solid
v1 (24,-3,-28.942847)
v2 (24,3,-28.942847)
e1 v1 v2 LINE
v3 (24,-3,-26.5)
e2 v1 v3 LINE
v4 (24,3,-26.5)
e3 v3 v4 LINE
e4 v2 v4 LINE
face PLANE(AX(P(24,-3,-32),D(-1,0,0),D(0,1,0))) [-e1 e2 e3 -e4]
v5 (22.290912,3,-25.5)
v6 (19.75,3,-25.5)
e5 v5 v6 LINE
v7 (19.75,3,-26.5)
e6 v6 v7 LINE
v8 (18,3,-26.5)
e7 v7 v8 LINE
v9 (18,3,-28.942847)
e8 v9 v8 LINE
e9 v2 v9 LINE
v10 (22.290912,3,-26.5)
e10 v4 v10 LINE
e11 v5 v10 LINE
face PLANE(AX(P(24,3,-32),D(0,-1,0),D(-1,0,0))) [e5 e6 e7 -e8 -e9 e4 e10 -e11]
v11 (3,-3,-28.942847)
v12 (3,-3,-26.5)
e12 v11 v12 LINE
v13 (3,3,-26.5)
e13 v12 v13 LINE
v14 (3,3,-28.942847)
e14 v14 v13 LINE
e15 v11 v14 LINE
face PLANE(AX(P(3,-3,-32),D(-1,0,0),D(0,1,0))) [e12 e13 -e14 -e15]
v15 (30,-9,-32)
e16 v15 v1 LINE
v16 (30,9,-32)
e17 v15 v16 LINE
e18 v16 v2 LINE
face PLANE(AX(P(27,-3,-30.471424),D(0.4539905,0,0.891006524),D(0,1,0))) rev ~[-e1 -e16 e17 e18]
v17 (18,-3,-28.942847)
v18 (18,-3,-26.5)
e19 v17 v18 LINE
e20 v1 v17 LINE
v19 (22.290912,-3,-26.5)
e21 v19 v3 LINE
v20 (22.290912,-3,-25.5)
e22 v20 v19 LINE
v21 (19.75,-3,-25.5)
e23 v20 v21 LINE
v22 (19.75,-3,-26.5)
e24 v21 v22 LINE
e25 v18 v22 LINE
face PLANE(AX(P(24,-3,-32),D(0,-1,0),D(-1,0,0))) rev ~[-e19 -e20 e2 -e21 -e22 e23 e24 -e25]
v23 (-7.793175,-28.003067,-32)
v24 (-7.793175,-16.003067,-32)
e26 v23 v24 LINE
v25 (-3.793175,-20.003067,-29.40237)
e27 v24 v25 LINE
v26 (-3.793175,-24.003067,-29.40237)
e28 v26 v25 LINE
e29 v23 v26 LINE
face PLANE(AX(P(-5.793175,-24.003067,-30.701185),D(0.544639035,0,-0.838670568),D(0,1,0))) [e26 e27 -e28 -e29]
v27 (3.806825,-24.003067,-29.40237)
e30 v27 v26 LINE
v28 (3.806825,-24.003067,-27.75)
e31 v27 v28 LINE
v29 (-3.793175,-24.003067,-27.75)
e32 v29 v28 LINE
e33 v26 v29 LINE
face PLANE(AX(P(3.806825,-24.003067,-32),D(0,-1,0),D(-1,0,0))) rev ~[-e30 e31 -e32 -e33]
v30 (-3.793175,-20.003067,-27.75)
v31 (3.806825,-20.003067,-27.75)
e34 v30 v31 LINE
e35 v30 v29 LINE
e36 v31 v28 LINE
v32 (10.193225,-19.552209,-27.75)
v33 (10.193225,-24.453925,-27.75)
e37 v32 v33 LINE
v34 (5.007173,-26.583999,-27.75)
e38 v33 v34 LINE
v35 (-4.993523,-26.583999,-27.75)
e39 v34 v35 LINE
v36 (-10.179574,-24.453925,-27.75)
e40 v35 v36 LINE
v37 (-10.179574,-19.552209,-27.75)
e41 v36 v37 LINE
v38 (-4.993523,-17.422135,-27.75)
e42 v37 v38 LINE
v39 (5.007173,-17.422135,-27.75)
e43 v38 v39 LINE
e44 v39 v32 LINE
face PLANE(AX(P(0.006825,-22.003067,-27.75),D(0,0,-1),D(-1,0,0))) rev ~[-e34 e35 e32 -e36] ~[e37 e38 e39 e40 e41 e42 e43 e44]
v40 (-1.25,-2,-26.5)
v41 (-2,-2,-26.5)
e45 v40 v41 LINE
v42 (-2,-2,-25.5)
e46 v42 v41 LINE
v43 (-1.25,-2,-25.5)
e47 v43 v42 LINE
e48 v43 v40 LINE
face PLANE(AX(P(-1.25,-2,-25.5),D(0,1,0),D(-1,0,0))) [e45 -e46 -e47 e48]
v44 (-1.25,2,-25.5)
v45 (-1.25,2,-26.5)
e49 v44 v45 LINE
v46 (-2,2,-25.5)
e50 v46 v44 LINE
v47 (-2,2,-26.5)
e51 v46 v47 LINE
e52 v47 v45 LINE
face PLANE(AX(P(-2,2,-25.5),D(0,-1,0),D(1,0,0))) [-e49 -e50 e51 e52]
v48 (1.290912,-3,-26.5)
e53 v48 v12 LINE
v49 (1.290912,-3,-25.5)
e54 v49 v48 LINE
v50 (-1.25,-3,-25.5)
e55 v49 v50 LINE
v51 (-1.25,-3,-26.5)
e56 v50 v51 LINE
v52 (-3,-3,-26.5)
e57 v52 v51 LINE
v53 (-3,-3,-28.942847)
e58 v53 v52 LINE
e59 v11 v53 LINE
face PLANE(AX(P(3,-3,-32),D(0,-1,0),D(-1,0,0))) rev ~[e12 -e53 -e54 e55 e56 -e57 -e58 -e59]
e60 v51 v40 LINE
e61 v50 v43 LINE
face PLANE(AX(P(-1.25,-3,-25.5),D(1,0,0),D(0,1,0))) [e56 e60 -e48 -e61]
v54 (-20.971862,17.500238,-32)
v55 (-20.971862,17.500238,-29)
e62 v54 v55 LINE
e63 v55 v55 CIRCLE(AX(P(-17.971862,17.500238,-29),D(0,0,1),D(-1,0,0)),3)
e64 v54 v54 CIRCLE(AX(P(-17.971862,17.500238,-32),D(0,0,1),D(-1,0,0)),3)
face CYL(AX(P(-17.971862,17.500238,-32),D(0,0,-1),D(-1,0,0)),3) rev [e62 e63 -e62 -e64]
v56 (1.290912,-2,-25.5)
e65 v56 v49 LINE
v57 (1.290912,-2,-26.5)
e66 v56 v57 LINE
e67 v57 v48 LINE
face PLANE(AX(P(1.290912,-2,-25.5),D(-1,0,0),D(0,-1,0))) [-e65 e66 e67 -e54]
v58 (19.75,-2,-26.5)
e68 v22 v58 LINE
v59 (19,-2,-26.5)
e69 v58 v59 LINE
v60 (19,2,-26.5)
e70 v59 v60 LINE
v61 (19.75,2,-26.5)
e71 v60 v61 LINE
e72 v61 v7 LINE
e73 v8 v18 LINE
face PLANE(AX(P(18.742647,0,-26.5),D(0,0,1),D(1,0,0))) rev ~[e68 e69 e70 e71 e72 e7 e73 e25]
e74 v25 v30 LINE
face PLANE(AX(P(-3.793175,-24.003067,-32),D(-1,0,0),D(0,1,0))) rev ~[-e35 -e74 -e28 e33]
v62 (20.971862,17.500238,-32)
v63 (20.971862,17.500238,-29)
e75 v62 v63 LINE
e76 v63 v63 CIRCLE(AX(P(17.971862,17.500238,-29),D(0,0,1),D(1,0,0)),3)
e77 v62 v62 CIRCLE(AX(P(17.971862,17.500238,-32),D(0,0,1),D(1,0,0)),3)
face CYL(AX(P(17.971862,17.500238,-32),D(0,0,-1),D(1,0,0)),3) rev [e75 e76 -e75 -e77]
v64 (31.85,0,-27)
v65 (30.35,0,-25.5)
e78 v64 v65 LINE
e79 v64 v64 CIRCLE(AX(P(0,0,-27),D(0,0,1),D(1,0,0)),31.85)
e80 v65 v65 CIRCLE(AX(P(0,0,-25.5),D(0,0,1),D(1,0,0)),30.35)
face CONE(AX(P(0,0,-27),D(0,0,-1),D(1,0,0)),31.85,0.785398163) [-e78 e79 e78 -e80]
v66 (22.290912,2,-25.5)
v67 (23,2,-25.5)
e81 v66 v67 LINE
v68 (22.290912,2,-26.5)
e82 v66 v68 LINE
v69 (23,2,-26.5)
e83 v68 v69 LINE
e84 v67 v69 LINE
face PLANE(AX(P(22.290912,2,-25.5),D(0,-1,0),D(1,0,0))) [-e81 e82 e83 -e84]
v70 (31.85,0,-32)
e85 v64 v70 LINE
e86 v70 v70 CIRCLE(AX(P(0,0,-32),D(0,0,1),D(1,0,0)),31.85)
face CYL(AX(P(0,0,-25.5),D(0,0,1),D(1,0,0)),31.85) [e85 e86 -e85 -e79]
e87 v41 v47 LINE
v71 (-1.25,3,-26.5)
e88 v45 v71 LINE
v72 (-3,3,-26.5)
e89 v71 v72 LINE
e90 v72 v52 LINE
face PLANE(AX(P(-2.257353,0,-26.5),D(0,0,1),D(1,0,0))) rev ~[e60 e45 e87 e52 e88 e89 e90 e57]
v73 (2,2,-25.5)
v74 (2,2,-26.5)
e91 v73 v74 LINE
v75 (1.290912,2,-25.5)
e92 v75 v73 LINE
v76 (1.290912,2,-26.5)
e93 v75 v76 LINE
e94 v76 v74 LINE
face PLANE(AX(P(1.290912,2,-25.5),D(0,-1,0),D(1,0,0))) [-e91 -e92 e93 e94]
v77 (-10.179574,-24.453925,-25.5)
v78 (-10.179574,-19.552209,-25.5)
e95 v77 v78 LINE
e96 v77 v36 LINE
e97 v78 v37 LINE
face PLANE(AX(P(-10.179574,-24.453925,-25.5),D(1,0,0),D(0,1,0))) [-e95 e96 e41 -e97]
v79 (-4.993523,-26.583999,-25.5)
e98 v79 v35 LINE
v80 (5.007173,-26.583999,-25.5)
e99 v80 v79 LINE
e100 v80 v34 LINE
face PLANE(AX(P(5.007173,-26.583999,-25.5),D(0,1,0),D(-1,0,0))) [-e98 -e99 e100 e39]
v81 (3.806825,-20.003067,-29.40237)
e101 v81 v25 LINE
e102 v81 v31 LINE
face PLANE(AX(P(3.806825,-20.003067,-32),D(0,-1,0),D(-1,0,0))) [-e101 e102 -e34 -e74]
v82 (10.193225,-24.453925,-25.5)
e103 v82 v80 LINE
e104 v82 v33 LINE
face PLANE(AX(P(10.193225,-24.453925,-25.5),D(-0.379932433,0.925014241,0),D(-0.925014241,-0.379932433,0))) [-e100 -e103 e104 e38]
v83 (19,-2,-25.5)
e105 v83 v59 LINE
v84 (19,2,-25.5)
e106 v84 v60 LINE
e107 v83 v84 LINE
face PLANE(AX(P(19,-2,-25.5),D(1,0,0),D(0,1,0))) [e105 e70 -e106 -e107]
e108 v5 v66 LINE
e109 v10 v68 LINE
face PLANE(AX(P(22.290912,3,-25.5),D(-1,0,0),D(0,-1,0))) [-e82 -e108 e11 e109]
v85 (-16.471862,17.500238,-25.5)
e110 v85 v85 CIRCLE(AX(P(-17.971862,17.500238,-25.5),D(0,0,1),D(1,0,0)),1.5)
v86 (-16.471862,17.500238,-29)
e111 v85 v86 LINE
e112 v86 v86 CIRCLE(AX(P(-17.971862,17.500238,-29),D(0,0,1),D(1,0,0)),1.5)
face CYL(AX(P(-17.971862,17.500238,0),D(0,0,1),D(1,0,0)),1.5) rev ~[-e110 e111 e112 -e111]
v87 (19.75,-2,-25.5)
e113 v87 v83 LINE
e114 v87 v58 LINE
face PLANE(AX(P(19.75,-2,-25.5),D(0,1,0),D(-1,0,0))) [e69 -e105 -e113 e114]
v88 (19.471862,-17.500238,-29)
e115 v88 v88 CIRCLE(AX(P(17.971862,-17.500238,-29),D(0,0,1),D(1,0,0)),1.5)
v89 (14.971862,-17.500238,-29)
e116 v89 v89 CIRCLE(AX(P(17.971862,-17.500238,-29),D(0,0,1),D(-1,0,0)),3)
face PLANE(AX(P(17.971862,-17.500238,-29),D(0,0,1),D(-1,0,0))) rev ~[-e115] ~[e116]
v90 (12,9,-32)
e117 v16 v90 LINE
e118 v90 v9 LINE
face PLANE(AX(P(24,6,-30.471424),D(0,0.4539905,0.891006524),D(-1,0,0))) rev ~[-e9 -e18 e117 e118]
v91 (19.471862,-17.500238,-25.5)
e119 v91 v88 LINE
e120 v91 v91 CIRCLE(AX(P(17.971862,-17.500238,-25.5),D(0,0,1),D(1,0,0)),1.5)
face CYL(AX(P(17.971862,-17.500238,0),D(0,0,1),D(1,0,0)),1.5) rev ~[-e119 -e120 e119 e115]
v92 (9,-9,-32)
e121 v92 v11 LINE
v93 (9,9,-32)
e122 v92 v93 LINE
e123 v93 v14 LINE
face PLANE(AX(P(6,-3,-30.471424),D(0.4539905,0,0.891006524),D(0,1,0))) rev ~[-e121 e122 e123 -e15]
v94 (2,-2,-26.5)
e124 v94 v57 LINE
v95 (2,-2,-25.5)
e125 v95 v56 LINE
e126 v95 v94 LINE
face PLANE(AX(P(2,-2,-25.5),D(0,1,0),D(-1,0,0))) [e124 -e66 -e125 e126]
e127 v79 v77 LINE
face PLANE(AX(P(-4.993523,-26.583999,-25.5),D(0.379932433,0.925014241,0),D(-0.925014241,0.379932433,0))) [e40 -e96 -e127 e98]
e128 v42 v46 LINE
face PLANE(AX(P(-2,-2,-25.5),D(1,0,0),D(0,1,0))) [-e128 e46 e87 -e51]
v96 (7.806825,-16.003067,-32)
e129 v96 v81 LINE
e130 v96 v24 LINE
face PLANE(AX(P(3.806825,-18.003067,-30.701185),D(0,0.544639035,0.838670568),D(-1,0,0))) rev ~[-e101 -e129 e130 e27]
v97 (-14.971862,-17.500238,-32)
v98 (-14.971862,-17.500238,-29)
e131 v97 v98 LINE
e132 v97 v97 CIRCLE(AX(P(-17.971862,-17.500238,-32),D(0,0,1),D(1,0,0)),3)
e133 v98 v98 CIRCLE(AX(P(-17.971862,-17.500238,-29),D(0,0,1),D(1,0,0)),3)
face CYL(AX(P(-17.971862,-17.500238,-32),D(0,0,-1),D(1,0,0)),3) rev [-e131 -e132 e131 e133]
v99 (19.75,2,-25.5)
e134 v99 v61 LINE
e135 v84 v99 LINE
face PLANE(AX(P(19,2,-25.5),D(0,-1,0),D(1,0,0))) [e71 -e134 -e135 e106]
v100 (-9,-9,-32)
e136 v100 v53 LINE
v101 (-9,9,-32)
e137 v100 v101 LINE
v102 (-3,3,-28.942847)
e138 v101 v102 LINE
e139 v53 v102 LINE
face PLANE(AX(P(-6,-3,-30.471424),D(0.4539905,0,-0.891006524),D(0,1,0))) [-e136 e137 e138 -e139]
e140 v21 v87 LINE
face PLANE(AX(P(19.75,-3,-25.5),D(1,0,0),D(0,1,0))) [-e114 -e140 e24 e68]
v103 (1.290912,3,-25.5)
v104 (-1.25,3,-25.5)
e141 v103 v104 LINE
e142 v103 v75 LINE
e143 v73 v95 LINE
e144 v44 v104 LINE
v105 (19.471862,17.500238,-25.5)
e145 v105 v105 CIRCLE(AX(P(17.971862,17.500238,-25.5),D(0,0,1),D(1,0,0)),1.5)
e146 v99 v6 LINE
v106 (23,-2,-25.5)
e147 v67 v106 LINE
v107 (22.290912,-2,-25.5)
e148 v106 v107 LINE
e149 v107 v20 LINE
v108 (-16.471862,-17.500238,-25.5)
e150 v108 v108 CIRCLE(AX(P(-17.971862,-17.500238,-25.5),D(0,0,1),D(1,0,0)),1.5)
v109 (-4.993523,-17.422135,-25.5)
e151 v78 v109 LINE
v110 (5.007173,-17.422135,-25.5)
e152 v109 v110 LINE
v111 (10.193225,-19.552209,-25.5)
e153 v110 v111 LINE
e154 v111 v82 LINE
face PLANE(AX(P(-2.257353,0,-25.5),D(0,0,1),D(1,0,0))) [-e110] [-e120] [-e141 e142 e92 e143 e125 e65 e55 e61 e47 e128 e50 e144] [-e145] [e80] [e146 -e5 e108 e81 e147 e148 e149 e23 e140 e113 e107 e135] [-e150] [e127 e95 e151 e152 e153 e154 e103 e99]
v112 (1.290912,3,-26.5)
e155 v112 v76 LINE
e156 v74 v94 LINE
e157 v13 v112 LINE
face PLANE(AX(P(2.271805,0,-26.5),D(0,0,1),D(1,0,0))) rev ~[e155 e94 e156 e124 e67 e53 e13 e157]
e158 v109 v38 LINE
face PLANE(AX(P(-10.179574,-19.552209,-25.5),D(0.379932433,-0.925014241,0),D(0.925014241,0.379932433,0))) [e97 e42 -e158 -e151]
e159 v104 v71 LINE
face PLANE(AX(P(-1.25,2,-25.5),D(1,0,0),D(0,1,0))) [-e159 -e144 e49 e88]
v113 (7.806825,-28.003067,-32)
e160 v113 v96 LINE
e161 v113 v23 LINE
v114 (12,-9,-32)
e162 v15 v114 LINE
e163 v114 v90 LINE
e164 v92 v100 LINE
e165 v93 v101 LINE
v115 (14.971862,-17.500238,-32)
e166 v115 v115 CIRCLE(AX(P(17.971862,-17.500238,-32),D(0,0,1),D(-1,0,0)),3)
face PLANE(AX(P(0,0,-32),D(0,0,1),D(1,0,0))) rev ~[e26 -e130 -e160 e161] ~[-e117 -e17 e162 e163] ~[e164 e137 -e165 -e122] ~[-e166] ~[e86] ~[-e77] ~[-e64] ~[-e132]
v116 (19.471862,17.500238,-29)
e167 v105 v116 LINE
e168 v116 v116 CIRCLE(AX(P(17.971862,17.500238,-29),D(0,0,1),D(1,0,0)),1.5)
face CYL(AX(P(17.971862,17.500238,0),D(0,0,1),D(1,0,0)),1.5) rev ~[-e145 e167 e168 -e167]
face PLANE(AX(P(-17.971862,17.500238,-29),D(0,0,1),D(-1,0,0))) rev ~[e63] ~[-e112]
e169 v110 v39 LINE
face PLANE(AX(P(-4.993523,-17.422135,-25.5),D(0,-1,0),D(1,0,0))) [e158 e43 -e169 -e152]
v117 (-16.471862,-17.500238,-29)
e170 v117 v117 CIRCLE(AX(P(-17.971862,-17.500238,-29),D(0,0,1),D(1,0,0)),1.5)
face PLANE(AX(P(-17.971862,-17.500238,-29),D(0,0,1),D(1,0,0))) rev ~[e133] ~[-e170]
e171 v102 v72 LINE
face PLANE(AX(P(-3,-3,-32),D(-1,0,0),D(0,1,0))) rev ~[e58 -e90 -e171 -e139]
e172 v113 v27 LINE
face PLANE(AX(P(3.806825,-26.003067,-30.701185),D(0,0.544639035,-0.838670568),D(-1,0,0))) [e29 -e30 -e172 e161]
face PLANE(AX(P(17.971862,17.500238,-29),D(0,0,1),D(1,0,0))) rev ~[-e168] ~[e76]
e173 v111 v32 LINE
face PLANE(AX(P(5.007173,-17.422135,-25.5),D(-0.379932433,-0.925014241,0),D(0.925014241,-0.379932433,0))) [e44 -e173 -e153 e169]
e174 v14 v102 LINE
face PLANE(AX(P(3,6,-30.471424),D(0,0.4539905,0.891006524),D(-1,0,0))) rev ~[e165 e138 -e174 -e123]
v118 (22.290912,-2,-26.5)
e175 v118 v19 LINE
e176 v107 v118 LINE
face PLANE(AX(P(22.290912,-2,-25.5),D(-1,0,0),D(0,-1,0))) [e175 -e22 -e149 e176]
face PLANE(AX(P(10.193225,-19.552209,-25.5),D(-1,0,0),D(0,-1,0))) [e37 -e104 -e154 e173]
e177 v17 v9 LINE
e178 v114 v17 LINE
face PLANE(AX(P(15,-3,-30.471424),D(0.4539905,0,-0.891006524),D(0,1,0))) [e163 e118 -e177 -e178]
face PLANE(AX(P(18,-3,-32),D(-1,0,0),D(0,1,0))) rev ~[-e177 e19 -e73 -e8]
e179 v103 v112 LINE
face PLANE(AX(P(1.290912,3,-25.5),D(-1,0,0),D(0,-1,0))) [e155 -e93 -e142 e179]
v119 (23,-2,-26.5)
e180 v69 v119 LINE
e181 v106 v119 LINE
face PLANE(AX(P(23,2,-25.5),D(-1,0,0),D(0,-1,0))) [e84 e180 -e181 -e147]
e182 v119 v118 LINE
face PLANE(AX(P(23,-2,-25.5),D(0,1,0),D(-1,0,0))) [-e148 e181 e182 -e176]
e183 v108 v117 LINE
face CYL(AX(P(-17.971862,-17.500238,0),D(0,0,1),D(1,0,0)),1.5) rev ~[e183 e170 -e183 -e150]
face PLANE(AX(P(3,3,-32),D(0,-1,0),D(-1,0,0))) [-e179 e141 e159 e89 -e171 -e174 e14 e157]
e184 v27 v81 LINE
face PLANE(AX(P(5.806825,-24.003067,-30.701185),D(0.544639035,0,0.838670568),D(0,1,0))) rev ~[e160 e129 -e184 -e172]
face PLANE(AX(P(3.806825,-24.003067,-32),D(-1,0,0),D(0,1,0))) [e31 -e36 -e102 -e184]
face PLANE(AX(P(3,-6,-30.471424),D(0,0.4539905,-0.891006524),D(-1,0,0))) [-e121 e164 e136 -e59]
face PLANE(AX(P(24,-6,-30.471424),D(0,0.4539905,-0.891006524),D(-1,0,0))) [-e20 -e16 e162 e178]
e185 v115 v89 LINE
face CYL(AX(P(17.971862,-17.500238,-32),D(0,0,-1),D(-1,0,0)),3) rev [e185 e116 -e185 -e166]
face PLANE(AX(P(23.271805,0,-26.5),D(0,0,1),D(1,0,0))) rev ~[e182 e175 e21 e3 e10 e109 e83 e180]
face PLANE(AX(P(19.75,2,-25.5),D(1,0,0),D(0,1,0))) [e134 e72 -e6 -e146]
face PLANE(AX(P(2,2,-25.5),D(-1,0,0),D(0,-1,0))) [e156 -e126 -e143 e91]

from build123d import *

# Parameters (mm, degrees)
SKETCH2_R           = 31.85
BOSS_EXTRUDE1_DEPTH = 6.5
SKETCH3_W           = 6
SKETCH3_H           = 6
CUT_EXTRUDE1_DEPTH  = 6.5
CHAMFER1_SIZE       = 6
CHAMFER1_SIZE2      = 3.057152697
SKETCH5_R           = 1.5
CUT_EXTRUDE2_DEPTH  = 56.252556502
SKETCH6_R           = 3
CUT_EXTRUDE3_DEPTH  = 3
CHAMFER3_SIZE       = 1.5
BOSS_EXTRUDE2_DEPTH = 1
SKETCH10_W          = 7.6
SKETCH10_H          = 4
CUT_EXTRUDE5_DEPTH  = 46.509284767
CUT_EXTRUDE6_DEPTH  = 2.25
CHAMFER4_SIZE       = 4
CHAMFER4_SIZE2      = 2.597630373


with BuildPart() as part:
    # Sketch2 → Boss-Extrude1 (new body)
    with BuildSketch(Plane.XY.offset(-25.5)):
        Circle(SKETCH2_R)
    extrude(amount=-BOSS_EXTRUDE1_DEPTH)

    # Sketch3 → Cut-Extrude1 (cut)
    with BuildSketch(Plane(origin=(0, 0, -32), x_dir=(-1, 0, 0), z_dir=(0, 0, -1))):
        with Locations((-21, 0)):
            Rectangle(SKETCH3_W, SKETCH3_H)
        Rectangle(SKETCH3_W, SKETCH3_H)
    extrude(amount=-CUT_EXTRUDE1_DEPTH, mode=Mode.SUBTRACT)

    # Chamfer1
    chamfer1_edges = [part.edges().sort_by_distance(p)[0] for p in [
        (3, 0, -32),
        (0, -3, -32),
        (-3, 0, -32),
        (0, 3, -32),
        (24, 0, -32),
        (21, -3, -32),
        (18, 0, -32),
        (21, 3, -32),
    ]]
    chamfer1_side = [part.faces().sort_by_distance(p)[0] for p in [
        (-30.949145961, 0, -32),
    ]]
    chamfer(chamfer1_edges, length=CHAMFER1_SIZE, length2=CHAMFER1_SIZE2, reference=chamfer1_side[0])

    # Sketch5 → Cut-Extrude2 (cut, through all)
    with BuildSketch(Plane.XY):
        with Locations((-17.971861544, -17.500238124)):
            Circle(SKETCH5_R)
        with Locations((17.971861544, -17.500238124)):
            Circle(SKETCH5_R)
        with Locations((17.971861544, 17.500238124)):
            Circle(SKETCH5_R)
        with Locations((-17.971861544, 17.500238124)):
            Circle(SKETCH5_R)
    extrude(amount=-CUT_EXTRUDE2_DEPTH, mode=Mode.SUBTRACT)

    # Sketch6 → Cut-Extrude3 (cut)
    with BuildSketch(Plane.XY.offset(-32)):
        with Locations((-17.971861544, -17.500238124)):
            Circle(SKETCH6_R)
        with Locations(Location((17.971861544, -17.500238124, 0), (0, 0, 180))):
            Circle(SKETCH6_R)
        with Locations((17.971861544, 17.500238124)):
            Circle(SKETCH6_R)
        with Locations(Location((-17.971861544, 17.500238124, 0), (0, 0, 180))):
            Circle(SKETCH6_R)
    extrude(amount=CUT_EXTRUDE3_DEPTH, mode=Mode.SUBTRACT)

    # Chamfer3
    chamfer3_edges = [part.edges().sort_by_distance(p)[0] for p in [
        (-31.85, 0, -25.5),
    ]]
    chamfer(chamfer3_edges, length=CHAMFER3_SIZE)

    # Sketch7 → Boss-Extrude2 (add)
    with BuildSketch(Plane.XY.offset(-25.5)):
        Polygon((-1.25, -2), (-2, -2), (-2, 2), (-1.25, 2), (-1.25, 3), (-3, 3), (-3, -3), (-1.25, -3), align=None)
        Polygon((1.2909118, -3), (3, -3), (3, 3), (1.2909118, 3), (1.2909118, 2), (2, 2), (2, -2), (1.2909118, -2), align=None)
        Polygon((19.75, -2), (19, -2), (19, 2), (19.75, 2), (19.75, 3), (18, 3), (18, -3), (19.75, -3), align=None)
        Polygon((22.2909118, -3), (24, -3), (24, 3), (22.2909118, 3), (22.2909118, 2), (23, 2), (23, -2), (22.2909118, -2), align=None)
    extrude(amount=-BOSS_EXTRUDE2_DEPTH)

    # Sketch10 → Cut-Extrude5 (cut, through all)
    with BuildSketch(Plane(origin=(0, 0, -32), x_dir=(-1, 0, 0), z_dir=(0, 0, -1))):
        with Locations((-0.006825443, -22.003067008)):
            Rectangle(SKETCH10_W, SKETCH10_H)
    extrude(amount=-CUT_EXTRUDE5_DEPTH, mode=Mode.SUBTRACT)

    # Sketch11 → Cut-Extrude6 (cut)
    with BuildSketch(Plane.XY.offset(-25.5)):
        Polygon((-4.993522574, -17.422135009), (5.007173461, -17.422135009), (10.193224733, -19.552209326), (10.193224733, -24.45392469), (5.007173461, -26.583999007), (-4.993522574, -26.583999007), (-10.179573846, -24.45392469), (-10.179573846, -19.552209326), align=None)
    extrude(amount=-CUT_EXTRUDE6_DEPTH, mode=Mode.SUBTRACT)

    # Chamfer4
    chamfer4_edges = [part.edges().sort_by_distance(p)[0] for p in [
        (-3.793174557, -22.003067008, -32),
        (0.006825443, -20.003067008, -32),
        (3.806825443, -22.003067008, -32),
        (0.006825443, -24.003067008, -32),
    ]]
    chamfer4_side = [part.faces().sort_by_distance(p)[0] for p in [
        (-30.949145961, 0, -32),
    ]]
    chamfer(chamfer4_edges, length=CHAMFER4_SIZE, length2=CHAMFER4_SIZE2, reference=chamfer4_side[0])


solid = part.part
